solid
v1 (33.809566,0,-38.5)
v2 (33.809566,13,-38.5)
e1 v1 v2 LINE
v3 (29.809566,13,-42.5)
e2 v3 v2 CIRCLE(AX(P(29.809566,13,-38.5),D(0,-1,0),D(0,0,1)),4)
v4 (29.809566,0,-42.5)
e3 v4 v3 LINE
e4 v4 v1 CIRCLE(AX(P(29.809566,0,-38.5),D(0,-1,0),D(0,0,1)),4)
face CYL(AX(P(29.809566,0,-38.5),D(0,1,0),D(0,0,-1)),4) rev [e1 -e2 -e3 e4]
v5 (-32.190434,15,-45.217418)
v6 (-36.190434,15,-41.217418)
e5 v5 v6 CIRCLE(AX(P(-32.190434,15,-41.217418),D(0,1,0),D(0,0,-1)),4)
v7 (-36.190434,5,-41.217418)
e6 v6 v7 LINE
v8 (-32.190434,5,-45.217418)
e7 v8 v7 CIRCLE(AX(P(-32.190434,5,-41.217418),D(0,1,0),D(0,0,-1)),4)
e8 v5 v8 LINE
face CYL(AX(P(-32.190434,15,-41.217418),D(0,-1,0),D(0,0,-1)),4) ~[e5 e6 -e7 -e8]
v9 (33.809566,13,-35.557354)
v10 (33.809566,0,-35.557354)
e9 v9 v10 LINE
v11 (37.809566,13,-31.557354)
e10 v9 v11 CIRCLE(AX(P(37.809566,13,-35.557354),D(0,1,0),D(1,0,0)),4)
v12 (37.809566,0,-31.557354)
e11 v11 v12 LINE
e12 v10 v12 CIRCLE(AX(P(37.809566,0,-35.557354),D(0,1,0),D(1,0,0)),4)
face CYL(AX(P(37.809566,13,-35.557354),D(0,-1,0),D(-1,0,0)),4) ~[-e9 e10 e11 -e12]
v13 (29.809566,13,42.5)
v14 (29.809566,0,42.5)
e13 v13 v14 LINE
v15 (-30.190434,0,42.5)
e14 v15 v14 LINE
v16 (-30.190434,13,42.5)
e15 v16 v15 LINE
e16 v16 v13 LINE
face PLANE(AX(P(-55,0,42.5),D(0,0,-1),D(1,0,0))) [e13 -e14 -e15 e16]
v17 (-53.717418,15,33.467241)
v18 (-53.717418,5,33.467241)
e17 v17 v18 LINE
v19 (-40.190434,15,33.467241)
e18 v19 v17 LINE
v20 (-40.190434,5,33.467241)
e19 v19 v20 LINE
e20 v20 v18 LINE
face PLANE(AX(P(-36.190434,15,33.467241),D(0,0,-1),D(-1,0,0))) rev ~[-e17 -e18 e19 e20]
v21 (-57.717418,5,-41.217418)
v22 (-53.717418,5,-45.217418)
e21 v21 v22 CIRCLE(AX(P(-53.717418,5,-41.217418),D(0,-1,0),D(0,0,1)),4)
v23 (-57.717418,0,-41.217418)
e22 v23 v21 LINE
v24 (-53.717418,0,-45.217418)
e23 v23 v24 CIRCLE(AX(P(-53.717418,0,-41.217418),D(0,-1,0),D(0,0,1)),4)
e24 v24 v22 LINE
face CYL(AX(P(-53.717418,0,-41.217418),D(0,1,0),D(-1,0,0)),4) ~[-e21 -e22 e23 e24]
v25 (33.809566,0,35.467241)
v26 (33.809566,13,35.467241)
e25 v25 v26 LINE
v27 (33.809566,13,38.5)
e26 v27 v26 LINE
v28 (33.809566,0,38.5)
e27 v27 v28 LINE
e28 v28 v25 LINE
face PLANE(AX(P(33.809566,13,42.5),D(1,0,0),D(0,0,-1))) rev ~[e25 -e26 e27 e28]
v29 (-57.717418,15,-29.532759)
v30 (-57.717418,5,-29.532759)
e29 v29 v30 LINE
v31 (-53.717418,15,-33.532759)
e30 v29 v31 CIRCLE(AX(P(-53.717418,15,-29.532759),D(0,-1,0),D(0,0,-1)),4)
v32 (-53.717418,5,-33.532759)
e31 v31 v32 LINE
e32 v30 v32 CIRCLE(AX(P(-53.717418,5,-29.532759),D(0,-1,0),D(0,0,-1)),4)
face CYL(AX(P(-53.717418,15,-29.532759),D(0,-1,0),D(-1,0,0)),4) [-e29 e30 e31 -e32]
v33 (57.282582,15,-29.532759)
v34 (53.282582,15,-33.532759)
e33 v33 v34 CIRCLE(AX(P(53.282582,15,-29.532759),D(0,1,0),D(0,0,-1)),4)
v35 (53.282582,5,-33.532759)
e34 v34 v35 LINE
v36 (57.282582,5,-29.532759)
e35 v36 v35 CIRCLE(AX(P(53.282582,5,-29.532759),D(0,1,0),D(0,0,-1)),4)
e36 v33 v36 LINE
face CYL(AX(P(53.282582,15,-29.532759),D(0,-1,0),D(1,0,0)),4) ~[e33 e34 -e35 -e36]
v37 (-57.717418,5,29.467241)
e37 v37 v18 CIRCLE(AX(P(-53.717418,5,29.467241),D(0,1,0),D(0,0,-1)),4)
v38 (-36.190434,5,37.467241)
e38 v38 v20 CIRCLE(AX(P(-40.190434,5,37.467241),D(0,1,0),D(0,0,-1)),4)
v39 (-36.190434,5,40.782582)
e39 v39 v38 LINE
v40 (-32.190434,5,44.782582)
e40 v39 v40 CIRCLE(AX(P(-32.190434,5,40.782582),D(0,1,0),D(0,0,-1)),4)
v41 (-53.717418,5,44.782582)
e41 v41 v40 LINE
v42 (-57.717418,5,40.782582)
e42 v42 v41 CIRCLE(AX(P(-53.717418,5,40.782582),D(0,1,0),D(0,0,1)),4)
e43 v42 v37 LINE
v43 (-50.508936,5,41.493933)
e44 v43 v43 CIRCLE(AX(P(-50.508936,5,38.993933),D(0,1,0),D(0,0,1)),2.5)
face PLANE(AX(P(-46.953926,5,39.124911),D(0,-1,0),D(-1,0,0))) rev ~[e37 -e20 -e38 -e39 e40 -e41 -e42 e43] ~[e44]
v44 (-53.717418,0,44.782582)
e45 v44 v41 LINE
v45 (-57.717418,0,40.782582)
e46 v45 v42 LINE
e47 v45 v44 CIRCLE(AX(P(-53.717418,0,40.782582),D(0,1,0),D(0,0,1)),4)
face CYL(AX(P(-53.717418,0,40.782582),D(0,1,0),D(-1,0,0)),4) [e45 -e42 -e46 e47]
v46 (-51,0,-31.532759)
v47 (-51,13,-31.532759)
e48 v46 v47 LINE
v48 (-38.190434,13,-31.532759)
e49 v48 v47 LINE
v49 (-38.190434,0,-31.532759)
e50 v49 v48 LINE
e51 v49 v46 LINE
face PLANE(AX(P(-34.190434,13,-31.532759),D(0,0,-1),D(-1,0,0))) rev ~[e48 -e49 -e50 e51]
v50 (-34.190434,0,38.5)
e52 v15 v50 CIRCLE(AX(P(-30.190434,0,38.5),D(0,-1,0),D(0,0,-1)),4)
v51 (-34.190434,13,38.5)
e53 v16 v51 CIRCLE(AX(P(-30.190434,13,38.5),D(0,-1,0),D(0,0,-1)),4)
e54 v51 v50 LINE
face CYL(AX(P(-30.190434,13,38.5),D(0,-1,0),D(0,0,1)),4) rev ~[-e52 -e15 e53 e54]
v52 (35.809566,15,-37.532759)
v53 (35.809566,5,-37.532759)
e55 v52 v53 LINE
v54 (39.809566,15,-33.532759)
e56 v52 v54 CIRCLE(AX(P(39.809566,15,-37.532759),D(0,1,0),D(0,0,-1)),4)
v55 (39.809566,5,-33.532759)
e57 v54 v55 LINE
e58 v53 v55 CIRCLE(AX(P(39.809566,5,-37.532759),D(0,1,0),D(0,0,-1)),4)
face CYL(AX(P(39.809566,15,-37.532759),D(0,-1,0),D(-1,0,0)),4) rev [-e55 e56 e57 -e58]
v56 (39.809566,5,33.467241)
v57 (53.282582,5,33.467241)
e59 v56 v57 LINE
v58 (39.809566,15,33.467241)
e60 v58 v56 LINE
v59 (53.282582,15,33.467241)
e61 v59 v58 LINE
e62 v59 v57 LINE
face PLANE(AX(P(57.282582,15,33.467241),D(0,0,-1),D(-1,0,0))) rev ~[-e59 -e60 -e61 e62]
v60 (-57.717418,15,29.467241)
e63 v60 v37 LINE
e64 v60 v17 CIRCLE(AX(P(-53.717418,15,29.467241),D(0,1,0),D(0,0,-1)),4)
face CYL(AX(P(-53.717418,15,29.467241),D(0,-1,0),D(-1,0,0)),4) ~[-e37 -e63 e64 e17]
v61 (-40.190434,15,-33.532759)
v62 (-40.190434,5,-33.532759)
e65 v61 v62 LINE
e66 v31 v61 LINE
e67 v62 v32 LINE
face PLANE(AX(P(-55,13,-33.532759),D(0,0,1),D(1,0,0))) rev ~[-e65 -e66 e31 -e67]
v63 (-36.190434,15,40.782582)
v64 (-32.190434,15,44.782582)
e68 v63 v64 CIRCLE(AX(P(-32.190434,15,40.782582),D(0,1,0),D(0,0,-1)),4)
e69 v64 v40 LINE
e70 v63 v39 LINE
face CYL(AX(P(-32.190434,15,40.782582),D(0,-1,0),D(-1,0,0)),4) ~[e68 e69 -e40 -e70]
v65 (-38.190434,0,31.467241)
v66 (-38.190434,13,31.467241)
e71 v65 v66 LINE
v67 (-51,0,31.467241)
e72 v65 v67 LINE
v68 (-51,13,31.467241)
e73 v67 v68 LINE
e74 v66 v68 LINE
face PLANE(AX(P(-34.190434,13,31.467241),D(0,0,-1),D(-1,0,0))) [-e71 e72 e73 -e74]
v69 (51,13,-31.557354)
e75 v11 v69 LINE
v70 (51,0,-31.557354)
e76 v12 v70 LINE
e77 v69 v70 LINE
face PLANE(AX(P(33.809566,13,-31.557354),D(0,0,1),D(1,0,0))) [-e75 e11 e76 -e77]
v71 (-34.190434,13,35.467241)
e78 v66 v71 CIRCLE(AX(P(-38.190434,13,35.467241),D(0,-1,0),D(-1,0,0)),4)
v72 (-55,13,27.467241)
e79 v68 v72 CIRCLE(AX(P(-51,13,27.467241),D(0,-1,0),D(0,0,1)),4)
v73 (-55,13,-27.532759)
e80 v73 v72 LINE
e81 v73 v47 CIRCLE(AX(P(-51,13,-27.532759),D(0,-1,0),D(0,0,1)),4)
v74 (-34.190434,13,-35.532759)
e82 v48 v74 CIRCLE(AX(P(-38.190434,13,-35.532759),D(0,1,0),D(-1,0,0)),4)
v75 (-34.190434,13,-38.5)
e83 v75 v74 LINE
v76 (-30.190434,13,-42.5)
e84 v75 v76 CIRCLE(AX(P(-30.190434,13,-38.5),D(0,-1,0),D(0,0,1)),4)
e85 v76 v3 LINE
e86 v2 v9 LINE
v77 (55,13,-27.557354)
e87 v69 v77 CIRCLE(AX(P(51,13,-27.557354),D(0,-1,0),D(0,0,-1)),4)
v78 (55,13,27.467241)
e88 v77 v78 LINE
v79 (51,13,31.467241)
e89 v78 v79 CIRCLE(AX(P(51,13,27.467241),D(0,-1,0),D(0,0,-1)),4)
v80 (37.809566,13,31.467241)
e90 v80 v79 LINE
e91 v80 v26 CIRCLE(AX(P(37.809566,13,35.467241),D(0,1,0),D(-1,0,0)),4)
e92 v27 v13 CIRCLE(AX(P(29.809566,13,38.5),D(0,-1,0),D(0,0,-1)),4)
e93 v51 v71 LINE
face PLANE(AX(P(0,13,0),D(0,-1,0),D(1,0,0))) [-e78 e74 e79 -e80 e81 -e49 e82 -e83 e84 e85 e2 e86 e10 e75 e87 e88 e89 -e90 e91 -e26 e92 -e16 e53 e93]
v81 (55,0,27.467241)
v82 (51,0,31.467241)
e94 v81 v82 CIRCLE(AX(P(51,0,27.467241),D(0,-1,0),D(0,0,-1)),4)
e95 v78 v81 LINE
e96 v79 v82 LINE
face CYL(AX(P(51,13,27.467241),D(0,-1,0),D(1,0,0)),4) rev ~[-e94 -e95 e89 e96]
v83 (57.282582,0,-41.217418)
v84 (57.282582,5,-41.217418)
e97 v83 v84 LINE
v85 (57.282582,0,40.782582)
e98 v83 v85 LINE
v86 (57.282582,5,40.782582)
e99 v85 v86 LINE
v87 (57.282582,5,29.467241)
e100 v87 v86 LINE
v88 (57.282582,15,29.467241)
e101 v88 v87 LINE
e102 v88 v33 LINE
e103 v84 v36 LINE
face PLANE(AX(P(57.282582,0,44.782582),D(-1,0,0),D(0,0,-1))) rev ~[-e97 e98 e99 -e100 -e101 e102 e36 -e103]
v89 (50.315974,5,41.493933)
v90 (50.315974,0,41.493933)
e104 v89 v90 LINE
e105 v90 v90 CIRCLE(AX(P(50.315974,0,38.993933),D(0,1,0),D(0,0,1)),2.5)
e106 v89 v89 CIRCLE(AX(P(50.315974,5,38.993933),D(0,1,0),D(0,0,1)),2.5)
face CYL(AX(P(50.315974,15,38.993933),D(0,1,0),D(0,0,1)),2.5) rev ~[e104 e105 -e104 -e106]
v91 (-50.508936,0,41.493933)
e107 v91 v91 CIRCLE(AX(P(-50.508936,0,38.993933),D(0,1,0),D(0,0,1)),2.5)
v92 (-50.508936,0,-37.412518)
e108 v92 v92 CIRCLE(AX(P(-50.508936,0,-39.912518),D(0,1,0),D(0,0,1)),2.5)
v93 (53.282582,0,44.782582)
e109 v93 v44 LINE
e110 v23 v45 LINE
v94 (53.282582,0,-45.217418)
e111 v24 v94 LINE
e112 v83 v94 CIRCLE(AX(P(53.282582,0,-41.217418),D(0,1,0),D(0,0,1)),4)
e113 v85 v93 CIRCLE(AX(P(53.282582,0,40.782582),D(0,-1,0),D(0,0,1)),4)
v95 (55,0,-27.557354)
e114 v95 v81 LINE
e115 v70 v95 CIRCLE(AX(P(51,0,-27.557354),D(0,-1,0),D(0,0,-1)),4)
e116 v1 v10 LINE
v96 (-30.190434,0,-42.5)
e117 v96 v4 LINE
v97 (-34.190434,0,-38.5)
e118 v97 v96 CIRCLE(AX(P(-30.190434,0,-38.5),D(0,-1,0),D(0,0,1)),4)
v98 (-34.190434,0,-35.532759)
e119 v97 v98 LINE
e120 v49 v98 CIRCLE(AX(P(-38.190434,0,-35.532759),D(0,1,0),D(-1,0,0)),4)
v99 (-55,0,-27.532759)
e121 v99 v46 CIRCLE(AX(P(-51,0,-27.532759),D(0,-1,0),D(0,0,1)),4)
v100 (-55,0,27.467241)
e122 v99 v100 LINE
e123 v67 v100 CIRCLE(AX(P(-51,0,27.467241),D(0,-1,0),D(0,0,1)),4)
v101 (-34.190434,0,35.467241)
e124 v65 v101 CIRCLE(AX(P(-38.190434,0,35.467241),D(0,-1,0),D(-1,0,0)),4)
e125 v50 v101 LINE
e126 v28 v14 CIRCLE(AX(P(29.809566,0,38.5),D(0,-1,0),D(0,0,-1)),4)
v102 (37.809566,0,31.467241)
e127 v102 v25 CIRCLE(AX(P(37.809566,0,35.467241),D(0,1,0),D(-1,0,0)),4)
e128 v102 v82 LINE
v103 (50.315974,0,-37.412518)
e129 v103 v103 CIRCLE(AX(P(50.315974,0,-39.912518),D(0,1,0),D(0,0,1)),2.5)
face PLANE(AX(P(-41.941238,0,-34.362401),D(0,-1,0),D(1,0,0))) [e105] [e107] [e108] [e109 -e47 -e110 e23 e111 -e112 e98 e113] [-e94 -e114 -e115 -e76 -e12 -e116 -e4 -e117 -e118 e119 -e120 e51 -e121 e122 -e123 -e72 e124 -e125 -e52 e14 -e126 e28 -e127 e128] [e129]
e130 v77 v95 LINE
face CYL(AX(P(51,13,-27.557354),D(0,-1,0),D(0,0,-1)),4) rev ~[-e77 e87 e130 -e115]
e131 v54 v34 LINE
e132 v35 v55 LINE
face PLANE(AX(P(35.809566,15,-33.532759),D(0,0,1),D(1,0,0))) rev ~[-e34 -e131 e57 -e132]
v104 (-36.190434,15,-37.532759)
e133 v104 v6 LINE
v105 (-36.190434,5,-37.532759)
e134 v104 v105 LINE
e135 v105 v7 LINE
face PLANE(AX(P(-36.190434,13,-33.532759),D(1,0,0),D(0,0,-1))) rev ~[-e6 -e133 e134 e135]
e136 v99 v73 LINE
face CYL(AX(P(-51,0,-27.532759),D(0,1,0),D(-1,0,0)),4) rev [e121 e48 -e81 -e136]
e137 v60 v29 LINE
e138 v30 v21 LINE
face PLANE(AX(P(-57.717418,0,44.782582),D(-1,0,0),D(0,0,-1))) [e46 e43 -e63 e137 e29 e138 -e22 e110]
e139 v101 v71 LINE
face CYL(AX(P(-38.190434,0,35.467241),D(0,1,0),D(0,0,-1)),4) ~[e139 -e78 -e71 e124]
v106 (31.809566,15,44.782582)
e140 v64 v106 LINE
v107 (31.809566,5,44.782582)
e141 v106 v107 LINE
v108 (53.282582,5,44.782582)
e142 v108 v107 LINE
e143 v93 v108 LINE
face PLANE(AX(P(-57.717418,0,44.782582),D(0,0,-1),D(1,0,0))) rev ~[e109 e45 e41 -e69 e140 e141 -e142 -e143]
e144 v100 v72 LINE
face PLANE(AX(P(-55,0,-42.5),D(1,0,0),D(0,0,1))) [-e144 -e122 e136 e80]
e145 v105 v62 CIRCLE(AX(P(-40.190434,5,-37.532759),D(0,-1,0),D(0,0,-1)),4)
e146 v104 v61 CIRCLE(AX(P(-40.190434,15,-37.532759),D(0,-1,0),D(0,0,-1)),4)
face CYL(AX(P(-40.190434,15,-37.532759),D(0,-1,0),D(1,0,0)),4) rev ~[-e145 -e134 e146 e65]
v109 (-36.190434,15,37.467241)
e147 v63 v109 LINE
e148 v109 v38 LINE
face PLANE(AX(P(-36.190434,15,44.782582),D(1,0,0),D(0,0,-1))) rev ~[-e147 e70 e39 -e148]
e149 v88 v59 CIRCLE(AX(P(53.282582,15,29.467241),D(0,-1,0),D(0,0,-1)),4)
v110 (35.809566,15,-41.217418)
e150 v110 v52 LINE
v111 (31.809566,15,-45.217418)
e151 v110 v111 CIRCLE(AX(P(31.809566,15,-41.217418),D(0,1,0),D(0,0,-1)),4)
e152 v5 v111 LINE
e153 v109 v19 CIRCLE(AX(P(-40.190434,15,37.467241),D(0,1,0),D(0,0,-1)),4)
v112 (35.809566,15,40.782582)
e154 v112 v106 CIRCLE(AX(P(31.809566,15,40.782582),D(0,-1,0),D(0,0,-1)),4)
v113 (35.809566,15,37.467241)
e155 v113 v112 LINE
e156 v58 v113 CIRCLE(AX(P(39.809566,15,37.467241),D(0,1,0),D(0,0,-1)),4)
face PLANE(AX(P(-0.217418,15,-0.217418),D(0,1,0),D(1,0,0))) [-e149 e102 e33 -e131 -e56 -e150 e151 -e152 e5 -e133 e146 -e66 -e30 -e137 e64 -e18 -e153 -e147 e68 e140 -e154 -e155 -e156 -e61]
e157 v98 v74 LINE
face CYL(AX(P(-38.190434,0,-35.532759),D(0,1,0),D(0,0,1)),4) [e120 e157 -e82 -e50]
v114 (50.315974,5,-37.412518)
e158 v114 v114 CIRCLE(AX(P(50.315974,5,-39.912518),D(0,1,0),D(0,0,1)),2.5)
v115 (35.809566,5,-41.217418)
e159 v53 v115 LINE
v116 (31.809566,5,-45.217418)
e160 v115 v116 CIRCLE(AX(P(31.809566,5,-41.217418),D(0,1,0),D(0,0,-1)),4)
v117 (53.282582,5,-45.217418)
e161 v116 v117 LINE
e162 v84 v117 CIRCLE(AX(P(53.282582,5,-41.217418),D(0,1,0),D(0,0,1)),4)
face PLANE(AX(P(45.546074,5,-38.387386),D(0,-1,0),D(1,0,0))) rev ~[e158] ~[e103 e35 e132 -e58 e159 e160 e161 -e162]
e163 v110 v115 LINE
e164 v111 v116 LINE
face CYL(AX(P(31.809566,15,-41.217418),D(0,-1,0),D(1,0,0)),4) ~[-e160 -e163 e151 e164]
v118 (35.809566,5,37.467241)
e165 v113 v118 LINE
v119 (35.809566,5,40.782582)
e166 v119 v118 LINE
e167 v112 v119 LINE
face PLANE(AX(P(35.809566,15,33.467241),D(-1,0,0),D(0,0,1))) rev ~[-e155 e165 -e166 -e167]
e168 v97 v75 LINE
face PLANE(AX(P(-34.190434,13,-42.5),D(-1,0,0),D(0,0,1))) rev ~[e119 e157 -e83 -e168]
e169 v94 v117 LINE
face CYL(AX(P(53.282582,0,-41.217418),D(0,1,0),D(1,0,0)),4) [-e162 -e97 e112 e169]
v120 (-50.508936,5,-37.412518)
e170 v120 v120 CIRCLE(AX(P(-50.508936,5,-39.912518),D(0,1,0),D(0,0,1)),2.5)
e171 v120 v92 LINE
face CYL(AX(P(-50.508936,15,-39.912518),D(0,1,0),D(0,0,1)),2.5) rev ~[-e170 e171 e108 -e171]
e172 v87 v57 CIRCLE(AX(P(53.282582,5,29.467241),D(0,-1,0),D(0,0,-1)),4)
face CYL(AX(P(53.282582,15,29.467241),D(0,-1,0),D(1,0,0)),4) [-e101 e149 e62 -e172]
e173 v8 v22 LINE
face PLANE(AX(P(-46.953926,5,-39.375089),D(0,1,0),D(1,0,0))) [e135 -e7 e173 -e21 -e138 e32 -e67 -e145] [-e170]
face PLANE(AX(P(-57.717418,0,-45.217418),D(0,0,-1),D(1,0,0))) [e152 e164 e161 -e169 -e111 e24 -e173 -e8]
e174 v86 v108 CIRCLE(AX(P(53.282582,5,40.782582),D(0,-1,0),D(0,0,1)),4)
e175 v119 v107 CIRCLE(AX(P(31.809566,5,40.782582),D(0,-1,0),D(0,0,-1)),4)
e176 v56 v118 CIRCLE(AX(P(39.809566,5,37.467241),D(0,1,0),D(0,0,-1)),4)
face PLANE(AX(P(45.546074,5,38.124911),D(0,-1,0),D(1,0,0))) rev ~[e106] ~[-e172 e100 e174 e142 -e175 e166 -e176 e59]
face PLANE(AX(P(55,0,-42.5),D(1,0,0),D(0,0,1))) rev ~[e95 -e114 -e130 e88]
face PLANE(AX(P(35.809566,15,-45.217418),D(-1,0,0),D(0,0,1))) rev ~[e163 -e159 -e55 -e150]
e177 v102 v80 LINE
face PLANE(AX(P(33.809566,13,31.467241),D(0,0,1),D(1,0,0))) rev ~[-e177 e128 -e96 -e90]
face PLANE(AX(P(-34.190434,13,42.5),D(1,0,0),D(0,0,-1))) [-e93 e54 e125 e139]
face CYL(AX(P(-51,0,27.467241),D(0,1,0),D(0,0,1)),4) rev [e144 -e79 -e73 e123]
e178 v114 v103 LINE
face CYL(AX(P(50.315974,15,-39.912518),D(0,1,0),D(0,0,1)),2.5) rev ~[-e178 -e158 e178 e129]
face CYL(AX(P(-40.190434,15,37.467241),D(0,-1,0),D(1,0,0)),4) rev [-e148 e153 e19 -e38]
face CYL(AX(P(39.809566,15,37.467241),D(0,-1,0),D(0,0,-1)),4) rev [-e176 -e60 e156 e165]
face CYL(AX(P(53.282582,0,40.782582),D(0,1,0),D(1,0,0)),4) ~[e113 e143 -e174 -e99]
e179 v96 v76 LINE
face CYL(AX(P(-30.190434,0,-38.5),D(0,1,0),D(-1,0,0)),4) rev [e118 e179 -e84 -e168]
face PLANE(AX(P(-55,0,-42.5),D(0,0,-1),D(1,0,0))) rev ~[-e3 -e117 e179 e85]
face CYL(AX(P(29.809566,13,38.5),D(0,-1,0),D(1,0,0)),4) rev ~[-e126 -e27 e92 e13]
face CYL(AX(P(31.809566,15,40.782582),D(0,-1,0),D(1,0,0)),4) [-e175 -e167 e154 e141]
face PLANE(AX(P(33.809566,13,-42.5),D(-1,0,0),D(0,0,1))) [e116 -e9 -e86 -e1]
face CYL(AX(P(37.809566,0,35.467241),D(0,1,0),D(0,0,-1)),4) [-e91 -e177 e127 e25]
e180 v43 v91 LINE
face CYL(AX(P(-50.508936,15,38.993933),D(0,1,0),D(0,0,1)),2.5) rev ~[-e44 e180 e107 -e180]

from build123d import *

# Parameters (mm, degrees)
SKETCH_1_W          = 115
SKETCH_1_H          = 90
EXTRUDE_1_DEPTH     = 15
SKETCH_2_W          = 110
SKETCH_2_H          = 85
CUT_EXTRUDE_1_DEPTH = 13
SKETCH_4_R          = 2.5
CUT_EXTRUDE_2_DEPTH = 13
CUT_EXTRUDE_3_DEPTH = 10
EXTRUDE_2_DEPTH     = 13
SKETCH_8_W          = 23.526984817
SKETCH_8_H          = 13.315340632
SKETCH_8_W_2        = 23.473015183
SKETCH_8_H_2        = 13.660063904
SKETCH_8_H_3        = 13.684659368
EXTRUDE_4_DEPTH     = 5
FILLET_1_R          = 4
FILLET_2_R          = 4
SKETCH_9_R          = 2.5
CUT_EXTRUDE_4_DEPTH = 25


with BuildPart() as part:
    # Эскиз1 → Бобышка-Вытянуть1 (new body)
    with BuildSketch(Plane(origin=(0, 0, 0), x_dir=(1, 0, 0), z_dir=(0, 1, 0))):
        with Locations((-0.217418325, 0.217418325)):
            Rectangle(SKETCH_1_W, SKETCH_1_H)
    extrude(amount=EXTRUDE_1_DEPTH)

    # Эскиз2 → Вырез-Вытянуть1 (cut)
    with BuildSketch(Plane.XZ):
        Rectangle(SKETCH_2_W, SKETCH_2_H)
    extrude(amount=-CUT_EXTRUDE_1_DEPTH, mode=Mode.SUBTRACT)

    # Эскиз4 → Вырез-Вытянуть2 (cut)
    with BuildSketch(Plane(origin=(0, 15, 0), x_dir=(1, 0, 0), z_dir=(0, 1, 0))):
        with Locations(Location((-50.146124261, 38.945020388, 0), (0, 0, 270))):
            Circle(SKETCH_4_R)
        with Locations(Location((50.678785721, -39.961430902, 0), (0, 0, 270))):
            Circle(SKETCH_4_R)
        with Locations(Location((-50.146124261, -39.961430902, 0), (0, 0, 270))):
            Circle(SKETCH_4_R)
        with Locations(Location((50.678785721, 38.945020388, 0), (0, 0, 270))):
            Circle(SKETCH_4_R)
    extrude(amount=-CUT_EXTRUDE_2_DEPTH, mode=Mode.SUBTRACT)

    # Эскиз5 → Вырез-Вытянуть3 (cut)
    with BuildSketch(Plane(origin=(0, 15, 0), x_dir=(1, 0, 0), z_dir=(0, 1, 0))):
        Polygon((-56.190433508, 33.532758957), (-36.190433508, 33.532758957), (-36.190433508, 43.532758957), (-36.190433508, 45.217418325), (-57.717418325, 45.217418325), (-57.717418325, 33.532758957), align=None)
        Polygon((-56.190433508, -33.467241043), (-36.190433508, -33.467241043), (-36.190433508, -43.467241043), (-36.190433508, -44.782581675), (-57.717418325, -44.782581675), (-57.717418325, -33.467241043), align=None)
        Polygon((55.809566492, -33.467241043), (35.809566492, -33.467241043), (35.809566492, -43.467241043), (35.809566492, -44.782581675), (57.282581675, -44.782581675), (57.282581675, -33.467241043), align=None)
        Polygon((55.809566492, 33.532758957), (35.809566492, 33.532758957), (35.809566492, 43.532758957), (35.809566492, 45.217418325), (57.282581675, 45.217418325), (57.282581675, 33.532758957), align=None)
    extrude(amount=-CUT_EXTRUDE_3_DEPTH, mode=Mode.SUBTRACT)

    # Эскиз6 → Бобышка-Вытянуть2 (add)
    with BuildSketch(Plane.XZ.offset(-13)):
        Polygon((-55, -33.532758957), (-36.190433508, -33.532758957), (-36.190433508, -42.5), (-34.190433508, -42.5), (-34.190433508, -31.557354421), (-34.190433508, -31.532758957), (-35.500302021, -31.532758957), (-55, -31.532758957), align=None)
        Polygon((-36.190433508, 42.5), (-34.190433508, 42.5), (-34.190433508, 31.467241043), (-55, 31.467241043), (-55, 33.467241043), (-36.190433508, 33.467241043), align=None)
        Polygon((35.809566492, 42.5), (33.809566492, 42.5), (33.809566492, 31.467241043), (55, 31.467241043), (55, 33.467241043), (35.809566492, 33.467241043), align=None)
        Polygon((35.809566492, -42.5), (33.809566492, -42.5), (33.809566492, -31.557354421), (55, -31.557354421), (55, -33.532758957), (35.809566492, -33.532758957), align=None)
    extrude(amount=EXTRUDE_2_DEPTH)

    # Эскиз8 → Бобышка-Вытянуть4 (add)
    with BuildSketch(Plane.XZ):
        with Locations((-45.953925917, 38.124911359)):
            Rectangle(SKETCH_8_W, SKETCH_8_H)
        with Locations((45.546074084, 38.124911359)):
            Rectangle(SKETCH_8_W_2, SKETCH_8_H)
        with Locations((45.546074084, -38.387386373)):
            Rectangle(SKETCH_8_W_2, SKETCH_8_H_2)
        with Locations((-45.953925917, -38.375088641)):
            Rectangle(SKETCH_8_W, SKETCH_8_H_3)
    extrude(amount=-EXTRUDE_4_DEPTH)

    # Скругление1
    fillet_1_edges = [part.edges().sort_by_distance(p)[0] for p in [
        (-57.717418325, 10, 33.467241043),
        (-36.190433508, 10, 44.782581675),
        (-36.190433508, 10, -45.217418325),
        (-57.717418325, 10, -33.532758957),
        (-36.190433508, 10, 33.467241043),
        (35.809566492, 10, 33.467241043),
        (35.809566492, 10, -33.532758957),
        (-36.190433508, 10, -33.532758957),
        (57.282581675, 2.5, 44.782581675),
        (-57.717418325, 2.5, 44.782581675),
        (-57.717418325, 2.5, -45.217418325),
        (57.282581675, 2.5, -45.217418325),
        (57.282581675, 10, -33.532758957),
        (35.809566492, 10, -45.217418325),
        (35.809566492, 10, 44.782581675),
        (57.282581675, 10, 33.467241043),
    ]]
    fillet(fillet_1_edges, radius=FILLET_1_R)

    # Скругление2
    fillet_2_edges = [part.edges().sort_by_distance(p)[0] for p in [
        (-55, 6.5, -31.532758957),
        (-34.190433508, 6.5, -42.5),
        (-34.190433508, 6.5, -31.532758957),
        (-55, 6.5, 31.467241043),
        (-34.190433508, 6.5, 31.467241043),
        (-34.190433508, 6.5, 42.5),
        (33.809566492, 6.5, 42.5),
        (33.809566492, 6.5, 31.467241043),
        (55, 6.5, 31.467241043),
        (55, 6.5, -31.557354421),
        (33.809566492, 6.5, -31.557354421),
        (33.809566492, 6.5, -42.5),
    ]]
    fillet(fillet_2_edges, radius=FILLET_2_R)

    # Эскиз9 → Вырез-Вытянуть4 (cut)
    with BuildSketch(Plane(origin=(0, 15, 0), x_dir=(1, 0, 0), z_dir=(0, 1, 0))):
        with Locations(Location((-50.508936052, 39.912518498, 0), (0, 0, 270))):
            Circle(SKETCH_9_R)
        with Locations(Location((50.315973929, -38.993932792, 0), (0, 0, 270))):
            Circle(SKETCH_9_R)
        with Locations(Location((-50.508936052, -38.993932792, 0), (0, 0, 270))):
            Circle(SKETCH_9_R)
        with Locations(Location((50.315973929, 39.912518498, 0), (0, 0, 270))):
            Circle(SKETCH_9_R)
    extrude(amount=-CUT_EXTRUDE_4_DEPTH, mode=Mode.SUBTRACT)


solid = part.part
